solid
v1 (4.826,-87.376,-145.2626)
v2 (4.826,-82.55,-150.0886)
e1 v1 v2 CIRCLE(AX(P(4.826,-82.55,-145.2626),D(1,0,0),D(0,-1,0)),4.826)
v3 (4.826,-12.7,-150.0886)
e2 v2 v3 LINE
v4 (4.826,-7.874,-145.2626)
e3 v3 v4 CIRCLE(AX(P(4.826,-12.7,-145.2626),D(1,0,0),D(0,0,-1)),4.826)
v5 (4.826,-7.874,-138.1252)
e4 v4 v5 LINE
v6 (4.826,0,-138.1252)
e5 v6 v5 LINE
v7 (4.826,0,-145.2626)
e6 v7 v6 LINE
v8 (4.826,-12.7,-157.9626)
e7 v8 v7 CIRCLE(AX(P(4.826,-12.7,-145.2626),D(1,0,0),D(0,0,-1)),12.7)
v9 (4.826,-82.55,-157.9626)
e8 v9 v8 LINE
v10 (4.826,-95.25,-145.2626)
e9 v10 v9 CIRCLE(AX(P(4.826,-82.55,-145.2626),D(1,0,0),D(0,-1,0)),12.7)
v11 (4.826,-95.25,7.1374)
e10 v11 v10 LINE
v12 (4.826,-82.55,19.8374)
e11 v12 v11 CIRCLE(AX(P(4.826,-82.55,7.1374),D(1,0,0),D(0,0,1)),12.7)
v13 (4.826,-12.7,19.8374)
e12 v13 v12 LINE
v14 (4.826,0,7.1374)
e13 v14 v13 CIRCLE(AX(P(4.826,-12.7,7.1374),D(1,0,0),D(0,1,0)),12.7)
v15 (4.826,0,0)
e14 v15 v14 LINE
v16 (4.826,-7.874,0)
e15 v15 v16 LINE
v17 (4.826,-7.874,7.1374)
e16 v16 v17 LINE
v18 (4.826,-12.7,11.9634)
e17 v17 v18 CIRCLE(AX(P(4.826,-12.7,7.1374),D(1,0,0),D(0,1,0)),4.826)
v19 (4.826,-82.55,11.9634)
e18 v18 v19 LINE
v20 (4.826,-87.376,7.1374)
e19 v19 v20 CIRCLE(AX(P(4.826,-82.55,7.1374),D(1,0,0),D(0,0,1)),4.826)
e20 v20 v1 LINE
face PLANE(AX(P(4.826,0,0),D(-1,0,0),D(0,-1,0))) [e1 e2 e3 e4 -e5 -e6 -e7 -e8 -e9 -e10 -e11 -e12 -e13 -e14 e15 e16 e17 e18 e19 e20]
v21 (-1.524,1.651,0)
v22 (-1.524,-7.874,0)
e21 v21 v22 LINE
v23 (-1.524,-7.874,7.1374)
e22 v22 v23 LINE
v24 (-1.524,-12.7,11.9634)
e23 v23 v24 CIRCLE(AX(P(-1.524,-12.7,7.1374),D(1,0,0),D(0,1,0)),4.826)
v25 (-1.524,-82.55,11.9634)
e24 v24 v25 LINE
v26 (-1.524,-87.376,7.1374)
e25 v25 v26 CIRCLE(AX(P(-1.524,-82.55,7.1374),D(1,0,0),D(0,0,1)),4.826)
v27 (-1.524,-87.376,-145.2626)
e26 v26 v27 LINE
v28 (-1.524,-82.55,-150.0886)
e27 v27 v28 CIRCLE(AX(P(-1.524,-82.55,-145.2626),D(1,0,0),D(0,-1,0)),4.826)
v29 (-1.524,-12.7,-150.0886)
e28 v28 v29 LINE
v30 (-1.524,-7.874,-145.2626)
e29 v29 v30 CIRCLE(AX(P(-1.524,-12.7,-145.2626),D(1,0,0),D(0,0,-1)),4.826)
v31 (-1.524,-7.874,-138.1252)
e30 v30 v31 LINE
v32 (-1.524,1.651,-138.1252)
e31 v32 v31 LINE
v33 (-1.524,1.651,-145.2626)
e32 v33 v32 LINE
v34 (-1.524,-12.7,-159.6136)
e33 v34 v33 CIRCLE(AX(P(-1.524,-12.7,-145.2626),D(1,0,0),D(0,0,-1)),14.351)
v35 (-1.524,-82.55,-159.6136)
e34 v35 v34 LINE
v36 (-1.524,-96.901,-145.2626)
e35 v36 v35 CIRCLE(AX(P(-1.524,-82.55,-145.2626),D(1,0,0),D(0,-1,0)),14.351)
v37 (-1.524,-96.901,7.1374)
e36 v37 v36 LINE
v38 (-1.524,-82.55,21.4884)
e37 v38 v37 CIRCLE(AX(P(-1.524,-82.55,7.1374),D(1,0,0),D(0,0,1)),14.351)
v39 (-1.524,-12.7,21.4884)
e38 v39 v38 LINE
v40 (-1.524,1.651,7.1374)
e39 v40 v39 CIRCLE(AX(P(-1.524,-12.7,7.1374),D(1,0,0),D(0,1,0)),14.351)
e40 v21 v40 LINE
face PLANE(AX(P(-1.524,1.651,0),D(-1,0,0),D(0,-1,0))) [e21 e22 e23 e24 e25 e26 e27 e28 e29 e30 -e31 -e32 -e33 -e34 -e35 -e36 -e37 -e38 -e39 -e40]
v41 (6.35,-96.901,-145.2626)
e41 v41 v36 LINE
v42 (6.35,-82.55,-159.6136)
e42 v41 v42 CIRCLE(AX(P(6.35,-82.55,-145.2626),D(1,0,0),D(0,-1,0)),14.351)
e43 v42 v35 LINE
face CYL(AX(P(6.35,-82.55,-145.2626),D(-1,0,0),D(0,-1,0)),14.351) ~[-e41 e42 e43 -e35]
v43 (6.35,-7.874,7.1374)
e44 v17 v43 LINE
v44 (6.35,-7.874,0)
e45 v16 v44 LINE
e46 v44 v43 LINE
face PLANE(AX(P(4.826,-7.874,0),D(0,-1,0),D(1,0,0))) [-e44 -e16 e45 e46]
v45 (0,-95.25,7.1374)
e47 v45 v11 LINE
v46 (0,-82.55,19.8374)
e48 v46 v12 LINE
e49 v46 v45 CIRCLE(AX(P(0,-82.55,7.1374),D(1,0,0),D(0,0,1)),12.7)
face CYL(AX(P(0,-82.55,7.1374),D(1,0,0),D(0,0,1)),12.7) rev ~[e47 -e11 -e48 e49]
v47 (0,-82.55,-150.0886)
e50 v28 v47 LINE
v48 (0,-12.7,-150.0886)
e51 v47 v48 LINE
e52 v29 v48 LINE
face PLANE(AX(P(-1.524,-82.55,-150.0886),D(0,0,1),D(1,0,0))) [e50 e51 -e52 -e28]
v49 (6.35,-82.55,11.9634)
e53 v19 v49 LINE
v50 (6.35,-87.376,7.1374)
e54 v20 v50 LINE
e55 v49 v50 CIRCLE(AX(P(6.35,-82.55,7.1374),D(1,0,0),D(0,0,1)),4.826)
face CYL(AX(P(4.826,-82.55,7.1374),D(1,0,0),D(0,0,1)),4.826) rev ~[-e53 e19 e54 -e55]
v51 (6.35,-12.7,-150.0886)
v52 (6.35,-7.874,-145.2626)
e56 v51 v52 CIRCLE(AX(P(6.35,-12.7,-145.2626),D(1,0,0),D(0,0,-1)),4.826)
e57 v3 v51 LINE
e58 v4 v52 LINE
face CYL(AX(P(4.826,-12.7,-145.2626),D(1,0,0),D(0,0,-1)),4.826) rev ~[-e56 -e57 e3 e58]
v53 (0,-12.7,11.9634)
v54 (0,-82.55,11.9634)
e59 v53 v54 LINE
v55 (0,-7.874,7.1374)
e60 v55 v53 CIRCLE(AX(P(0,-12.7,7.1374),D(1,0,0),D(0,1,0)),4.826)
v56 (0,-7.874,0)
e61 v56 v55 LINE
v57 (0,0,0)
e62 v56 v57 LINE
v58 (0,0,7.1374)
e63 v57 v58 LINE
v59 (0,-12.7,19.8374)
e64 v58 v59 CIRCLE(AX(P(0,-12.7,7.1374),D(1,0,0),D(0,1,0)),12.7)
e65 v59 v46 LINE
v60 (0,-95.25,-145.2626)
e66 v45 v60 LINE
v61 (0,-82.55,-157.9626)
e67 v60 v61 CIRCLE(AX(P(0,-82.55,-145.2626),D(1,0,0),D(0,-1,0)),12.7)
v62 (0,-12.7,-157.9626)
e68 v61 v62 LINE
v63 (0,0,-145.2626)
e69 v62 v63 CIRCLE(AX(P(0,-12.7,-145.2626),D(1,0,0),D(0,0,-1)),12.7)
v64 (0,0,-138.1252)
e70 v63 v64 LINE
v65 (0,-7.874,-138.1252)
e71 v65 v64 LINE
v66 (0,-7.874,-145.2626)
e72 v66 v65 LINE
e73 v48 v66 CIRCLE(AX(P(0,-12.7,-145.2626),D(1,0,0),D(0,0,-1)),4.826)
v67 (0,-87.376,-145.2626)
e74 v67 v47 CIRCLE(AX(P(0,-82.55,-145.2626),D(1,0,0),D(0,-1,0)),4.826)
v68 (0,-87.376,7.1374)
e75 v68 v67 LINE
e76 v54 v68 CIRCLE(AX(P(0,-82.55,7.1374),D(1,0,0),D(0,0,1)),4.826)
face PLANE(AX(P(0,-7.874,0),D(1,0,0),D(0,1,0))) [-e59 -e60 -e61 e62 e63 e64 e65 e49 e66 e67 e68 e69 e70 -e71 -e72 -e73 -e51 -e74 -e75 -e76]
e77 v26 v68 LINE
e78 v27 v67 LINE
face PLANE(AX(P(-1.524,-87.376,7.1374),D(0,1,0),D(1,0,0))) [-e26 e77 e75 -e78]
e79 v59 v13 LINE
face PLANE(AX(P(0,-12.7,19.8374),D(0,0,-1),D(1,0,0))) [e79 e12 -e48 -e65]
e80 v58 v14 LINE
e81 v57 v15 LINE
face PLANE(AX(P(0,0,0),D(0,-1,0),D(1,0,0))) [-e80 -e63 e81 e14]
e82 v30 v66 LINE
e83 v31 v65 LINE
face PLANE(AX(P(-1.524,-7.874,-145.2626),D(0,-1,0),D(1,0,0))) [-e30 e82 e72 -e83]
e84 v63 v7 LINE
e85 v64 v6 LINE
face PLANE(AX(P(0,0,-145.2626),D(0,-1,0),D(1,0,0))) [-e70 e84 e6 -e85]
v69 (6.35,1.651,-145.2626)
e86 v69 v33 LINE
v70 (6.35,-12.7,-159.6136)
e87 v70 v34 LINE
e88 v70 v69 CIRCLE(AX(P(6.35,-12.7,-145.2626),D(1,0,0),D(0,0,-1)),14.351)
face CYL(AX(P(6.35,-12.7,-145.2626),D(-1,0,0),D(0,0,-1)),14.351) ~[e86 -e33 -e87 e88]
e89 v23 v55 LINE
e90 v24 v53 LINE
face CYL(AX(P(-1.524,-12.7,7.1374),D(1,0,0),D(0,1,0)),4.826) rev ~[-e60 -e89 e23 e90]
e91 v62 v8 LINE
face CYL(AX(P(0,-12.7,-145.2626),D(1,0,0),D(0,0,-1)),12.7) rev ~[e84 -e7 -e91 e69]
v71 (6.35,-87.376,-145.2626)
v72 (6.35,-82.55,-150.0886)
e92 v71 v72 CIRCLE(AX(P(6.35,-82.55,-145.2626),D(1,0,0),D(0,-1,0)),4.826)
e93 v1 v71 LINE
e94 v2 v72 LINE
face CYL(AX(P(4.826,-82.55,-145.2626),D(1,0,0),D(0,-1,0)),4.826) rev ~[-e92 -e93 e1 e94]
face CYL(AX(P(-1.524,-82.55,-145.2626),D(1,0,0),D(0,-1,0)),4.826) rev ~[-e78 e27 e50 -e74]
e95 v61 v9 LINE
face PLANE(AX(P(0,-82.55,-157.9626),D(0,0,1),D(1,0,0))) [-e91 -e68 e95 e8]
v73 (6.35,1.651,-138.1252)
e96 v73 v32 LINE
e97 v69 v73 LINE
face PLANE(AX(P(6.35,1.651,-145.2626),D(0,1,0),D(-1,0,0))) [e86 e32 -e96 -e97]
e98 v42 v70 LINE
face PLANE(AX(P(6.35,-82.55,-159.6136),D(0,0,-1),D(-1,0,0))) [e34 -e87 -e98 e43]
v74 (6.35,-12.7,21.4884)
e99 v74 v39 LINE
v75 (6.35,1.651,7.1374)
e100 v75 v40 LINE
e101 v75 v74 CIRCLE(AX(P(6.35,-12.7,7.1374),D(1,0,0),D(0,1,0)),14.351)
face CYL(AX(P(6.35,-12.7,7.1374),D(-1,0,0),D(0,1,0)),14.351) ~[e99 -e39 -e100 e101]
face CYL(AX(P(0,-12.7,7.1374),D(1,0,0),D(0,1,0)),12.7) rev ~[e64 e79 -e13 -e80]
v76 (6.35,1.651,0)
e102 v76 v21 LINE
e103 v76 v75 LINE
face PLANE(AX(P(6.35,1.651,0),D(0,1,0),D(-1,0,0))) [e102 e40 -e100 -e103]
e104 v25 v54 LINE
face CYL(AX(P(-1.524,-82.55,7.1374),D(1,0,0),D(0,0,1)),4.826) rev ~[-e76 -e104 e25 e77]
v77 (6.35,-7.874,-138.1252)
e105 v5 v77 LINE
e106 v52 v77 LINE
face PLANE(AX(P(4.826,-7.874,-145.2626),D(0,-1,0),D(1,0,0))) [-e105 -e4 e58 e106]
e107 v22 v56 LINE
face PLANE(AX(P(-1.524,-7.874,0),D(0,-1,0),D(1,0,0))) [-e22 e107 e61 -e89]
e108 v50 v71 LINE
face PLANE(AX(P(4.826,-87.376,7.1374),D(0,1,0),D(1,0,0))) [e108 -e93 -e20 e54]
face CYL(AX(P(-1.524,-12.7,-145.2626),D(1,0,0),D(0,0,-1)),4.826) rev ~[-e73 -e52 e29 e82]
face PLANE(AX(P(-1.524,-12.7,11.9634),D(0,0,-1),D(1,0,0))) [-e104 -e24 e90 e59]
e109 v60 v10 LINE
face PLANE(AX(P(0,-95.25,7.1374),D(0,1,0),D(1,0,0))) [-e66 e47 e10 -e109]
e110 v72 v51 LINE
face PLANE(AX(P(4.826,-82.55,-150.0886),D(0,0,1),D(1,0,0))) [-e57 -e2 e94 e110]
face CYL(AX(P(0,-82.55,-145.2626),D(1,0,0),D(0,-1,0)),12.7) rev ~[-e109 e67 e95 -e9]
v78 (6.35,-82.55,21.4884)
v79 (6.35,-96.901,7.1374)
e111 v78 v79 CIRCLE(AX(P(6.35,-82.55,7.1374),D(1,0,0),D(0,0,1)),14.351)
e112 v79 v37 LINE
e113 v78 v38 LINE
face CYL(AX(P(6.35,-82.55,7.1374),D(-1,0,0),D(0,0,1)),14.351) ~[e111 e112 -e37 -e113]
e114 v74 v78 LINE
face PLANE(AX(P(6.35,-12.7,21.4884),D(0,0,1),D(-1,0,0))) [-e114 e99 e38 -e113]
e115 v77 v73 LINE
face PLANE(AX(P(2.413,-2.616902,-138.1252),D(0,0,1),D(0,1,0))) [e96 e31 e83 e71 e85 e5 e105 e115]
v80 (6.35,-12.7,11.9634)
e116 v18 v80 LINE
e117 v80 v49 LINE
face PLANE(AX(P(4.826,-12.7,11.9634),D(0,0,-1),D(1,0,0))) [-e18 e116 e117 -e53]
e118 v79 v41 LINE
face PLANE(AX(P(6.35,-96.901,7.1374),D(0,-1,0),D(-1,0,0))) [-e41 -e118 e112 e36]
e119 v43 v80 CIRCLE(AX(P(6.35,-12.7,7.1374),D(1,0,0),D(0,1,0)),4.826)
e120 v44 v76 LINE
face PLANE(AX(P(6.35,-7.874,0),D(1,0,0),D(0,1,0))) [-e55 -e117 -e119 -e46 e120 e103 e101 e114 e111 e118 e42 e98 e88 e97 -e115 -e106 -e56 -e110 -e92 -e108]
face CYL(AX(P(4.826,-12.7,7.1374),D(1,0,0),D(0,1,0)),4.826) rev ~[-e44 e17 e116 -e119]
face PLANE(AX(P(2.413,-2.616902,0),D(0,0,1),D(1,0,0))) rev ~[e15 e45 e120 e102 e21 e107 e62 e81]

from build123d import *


with BuildPart() as part:
    # Sweep3: sweep along a path in Sketch3
    with BuildLine(Plane(origin=(0, 0, 0), x_dir=(0, 0, -1), z_dir=(1, 0, 0))) as sweep3_path:
        Line((0, 0), (-7.1374, 0))
        ThreePointArc((-7.1374, 0), (-16.117656121, -3.719743879), (-19.8374, -12.7))
        Line((-19.8374, -12.7), (-19.8374, -82.55))
        ThreePointArc((-19.8374, -82.55), (-16.117656121, -91.530256121), (-7.1374, -95.25))
        Line((-7.1374, -95.25), (145.2626, -95.25))
        ThreePointArc((145.2626, -95.25), (154.242856121, -91.530256121), (157.9626, -82.55))
        Line((157.9626, -82.55), (157.9626, -12.7))
        ThreePointArc((157.9626, -12.7), (154.242856121, -3.719743879), (145.2626, 0))
        Line((145.2626, 0), (138.1252, 0))
    # Sketch2 → Sweep3 (sweep)
    with BuildSketch(Plane.XY):
        Polygon((0, 0), (4.826, 0), (4.826, -7.874), (6.35, -7.874), (6.35, 1.651), (-1.524, 1.651), (-1.524, -7.874), (0, -7.874), align=None)
    sweep(path=sweep3_path.line)


solid = part.part
